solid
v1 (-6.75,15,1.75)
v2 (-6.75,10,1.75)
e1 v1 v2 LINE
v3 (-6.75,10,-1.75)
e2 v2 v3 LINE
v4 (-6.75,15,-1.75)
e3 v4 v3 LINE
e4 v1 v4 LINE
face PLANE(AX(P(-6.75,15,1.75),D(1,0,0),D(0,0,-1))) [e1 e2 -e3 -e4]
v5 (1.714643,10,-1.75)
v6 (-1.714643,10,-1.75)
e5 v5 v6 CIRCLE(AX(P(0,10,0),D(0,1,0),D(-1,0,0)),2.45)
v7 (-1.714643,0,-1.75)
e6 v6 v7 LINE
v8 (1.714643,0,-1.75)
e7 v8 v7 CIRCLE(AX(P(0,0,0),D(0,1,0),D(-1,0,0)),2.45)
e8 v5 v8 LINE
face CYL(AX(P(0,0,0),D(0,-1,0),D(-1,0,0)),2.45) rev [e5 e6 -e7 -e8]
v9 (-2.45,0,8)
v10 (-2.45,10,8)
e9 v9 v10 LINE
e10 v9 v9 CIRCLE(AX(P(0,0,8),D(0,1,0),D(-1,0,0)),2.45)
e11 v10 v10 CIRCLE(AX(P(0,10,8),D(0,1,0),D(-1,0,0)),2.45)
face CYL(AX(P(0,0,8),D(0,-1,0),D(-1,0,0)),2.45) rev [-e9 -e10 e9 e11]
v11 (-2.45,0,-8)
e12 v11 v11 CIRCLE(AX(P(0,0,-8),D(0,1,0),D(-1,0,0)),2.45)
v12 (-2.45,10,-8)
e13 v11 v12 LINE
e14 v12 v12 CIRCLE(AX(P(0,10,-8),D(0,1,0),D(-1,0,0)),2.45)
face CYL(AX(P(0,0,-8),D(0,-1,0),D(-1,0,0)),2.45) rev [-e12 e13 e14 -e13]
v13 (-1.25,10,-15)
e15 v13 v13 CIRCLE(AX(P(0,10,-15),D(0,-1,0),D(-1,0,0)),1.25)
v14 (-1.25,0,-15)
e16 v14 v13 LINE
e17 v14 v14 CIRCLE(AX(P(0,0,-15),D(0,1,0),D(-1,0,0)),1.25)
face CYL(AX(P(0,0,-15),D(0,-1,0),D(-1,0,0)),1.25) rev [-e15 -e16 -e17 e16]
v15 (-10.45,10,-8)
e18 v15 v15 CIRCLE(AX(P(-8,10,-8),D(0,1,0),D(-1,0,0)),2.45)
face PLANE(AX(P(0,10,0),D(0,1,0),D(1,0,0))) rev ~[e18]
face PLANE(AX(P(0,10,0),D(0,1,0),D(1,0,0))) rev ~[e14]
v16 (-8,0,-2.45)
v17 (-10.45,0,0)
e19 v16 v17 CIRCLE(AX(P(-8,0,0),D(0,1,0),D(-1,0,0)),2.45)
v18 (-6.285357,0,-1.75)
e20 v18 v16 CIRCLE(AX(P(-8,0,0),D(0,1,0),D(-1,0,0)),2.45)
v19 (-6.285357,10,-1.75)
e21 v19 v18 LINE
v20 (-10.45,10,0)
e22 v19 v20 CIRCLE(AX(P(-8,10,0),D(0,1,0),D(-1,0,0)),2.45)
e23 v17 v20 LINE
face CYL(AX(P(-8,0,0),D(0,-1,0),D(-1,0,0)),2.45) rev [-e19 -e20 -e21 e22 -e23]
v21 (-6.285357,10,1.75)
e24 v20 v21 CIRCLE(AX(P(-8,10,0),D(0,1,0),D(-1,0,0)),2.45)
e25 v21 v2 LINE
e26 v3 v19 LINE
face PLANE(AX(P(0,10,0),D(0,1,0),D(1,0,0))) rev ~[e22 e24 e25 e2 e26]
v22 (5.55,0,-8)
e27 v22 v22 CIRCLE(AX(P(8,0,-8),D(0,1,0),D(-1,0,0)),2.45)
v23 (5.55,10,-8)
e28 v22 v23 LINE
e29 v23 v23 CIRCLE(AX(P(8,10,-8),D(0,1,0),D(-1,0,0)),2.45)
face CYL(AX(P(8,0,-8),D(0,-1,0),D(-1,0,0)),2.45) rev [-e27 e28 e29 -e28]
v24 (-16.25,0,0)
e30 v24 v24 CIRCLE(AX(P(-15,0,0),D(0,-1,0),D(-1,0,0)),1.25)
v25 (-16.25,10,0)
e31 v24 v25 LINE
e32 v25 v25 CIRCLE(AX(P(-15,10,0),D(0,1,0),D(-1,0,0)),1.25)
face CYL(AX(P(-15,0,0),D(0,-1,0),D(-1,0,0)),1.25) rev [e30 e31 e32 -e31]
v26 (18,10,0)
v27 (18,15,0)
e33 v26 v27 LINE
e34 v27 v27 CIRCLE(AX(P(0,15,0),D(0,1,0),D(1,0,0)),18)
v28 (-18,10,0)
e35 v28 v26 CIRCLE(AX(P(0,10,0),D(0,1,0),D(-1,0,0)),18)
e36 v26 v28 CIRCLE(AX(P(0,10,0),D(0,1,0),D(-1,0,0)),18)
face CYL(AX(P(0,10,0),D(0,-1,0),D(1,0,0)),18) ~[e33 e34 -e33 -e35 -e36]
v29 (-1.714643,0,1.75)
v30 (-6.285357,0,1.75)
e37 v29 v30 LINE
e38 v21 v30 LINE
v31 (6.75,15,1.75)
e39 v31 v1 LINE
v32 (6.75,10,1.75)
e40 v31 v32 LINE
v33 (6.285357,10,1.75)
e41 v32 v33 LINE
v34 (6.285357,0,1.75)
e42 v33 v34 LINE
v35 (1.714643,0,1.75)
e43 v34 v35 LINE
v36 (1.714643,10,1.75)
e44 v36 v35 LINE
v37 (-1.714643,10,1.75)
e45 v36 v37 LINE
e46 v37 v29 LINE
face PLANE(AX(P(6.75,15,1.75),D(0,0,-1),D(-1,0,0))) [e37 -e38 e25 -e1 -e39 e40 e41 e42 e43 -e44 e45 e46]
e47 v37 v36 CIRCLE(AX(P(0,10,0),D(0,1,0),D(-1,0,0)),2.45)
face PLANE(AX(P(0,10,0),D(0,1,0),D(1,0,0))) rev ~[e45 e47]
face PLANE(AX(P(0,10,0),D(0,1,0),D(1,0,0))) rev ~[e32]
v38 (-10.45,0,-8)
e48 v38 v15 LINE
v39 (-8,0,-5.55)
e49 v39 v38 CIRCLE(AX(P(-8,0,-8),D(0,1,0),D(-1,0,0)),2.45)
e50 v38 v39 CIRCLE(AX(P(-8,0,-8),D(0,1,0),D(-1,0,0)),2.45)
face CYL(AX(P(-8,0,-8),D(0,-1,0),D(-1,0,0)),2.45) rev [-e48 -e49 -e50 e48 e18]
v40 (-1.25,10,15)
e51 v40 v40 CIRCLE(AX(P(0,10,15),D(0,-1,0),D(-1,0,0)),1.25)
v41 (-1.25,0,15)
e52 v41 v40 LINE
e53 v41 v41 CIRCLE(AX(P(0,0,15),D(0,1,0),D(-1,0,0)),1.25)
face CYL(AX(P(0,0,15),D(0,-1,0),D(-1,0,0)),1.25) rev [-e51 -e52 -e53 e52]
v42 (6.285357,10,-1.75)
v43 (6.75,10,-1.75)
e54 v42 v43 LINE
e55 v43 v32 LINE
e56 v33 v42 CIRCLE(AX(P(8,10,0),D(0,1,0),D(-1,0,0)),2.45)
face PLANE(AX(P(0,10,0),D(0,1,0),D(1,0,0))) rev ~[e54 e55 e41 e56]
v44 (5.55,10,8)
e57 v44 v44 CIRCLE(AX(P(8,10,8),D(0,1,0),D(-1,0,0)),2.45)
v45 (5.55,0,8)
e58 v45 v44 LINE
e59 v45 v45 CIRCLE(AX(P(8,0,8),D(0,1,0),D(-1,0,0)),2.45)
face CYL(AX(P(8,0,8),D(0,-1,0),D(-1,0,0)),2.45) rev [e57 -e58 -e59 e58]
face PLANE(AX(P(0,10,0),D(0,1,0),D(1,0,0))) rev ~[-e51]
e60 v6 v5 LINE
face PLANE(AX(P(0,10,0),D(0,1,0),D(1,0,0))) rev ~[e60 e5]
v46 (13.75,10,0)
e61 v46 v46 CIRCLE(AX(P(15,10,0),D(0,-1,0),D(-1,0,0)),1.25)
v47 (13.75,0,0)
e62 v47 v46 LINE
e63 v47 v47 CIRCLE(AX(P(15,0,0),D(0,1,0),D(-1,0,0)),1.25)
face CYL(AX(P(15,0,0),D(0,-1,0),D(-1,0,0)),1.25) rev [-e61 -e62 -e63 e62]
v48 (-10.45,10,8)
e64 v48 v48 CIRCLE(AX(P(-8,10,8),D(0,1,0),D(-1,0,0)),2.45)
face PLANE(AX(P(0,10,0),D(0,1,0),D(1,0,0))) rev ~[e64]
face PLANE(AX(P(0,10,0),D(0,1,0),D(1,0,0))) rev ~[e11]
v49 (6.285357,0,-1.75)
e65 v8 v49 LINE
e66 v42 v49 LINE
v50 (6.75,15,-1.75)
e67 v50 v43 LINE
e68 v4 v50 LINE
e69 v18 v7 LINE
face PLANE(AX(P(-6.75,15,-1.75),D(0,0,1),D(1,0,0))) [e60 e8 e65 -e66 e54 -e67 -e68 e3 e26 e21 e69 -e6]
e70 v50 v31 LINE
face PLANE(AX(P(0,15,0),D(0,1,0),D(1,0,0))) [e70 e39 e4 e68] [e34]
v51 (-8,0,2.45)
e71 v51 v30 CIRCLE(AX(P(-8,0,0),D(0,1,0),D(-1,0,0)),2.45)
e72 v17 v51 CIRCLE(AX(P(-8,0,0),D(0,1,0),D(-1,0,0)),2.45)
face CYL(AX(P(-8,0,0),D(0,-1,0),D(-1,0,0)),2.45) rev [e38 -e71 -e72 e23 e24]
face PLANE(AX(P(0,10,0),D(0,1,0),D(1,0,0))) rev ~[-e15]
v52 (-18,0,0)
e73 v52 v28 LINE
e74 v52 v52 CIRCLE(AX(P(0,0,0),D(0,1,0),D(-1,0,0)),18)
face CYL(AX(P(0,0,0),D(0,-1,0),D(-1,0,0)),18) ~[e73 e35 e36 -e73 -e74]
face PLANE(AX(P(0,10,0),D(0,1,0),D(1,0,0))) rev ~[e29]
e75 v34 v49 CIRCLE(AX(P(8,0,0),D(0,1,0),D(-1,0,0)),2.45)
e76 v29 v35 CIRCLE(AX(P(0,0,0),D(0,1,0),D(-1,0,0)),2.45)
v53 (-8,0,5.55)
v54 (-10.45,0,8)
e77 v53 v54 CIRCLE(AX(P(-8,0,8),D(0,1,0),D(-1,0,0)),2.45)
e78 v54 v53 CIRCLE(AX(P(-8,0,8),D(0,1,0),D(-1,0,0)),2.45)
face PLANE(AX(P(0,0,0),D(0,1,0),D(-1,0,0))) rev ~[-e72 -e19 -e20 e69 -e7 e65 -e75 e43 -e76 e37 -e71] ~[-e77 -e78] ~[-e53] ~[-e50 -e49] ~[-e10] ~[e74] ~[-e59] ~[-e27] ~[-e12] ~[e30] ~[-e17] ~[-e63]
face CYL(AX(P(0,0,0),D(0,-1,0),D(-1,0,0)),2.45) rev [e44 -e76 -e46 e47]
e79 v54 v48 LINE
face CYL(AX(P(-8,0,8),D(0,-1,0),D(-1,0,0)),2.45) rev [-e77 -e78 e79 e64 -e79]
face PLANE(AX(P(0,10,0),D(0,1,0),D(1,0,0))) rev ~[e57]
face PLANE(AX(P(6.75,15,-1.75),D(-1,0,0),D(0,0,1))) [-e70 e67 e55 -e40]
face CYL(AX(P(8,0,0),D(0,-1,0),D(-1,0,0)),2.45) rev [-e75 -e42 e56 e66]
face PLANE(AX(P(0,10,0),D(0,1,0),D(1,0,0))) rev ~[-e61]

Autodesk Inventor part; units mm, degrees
ref_plane "YZ Plane" through (0, 0, 0) normal (1, 0, 0) x (0, 1, 0)
ref_plane "XZ Plane" through (0, 0, 0) normal (0, 1, 0) x (-1, 0, 0)
ref_plane "XY Plane" through (0, 0, 0) normal (0, 0, 1) x (1, 0, 0)
sketch "Sketch1" plane through (0, 0, 0) normal (0, 1, 0) x (-1, 0, 0)
  circle A0 centre (0, 0) radius 15
  circle A1 centre (0, 0) radius 2.45
  line L0 (0, 0) -> (8, 0)
  circle A2 centre (8, 0) radius 2.45
  line L1 (8, 0) -> (8, -8)
  line L2 (8, 0) -> (8, 8)
  circle A3 centre (8, 8) radius 2.45
  circle A4 centre (8, -8) radius 2.45
  circle A5 centre (0, 8) radius 2.45
  circle A6 centre (0, -8) radius 2.45
  line L3 (0, 0) -> (-8, 0)
  line L4 (0, 0) -> (8, 0) construction
  circle A7 centre (-8, 0) radius 2.45
  circle A8 centre (-8, -8) radius 2.45
  circle A9 centre (-8, 8) radius 2.45
  circle A10 centre (0, -15) radius 1.25
  circle A11 centre (-15, 0) radius 1.25
  circle A12 centre (0, 15) radius 1.25
  circle A13 centre (15, 0) radius 1.25
  circle A14 centre (0, 0) radius 18
  dimension "d0" = 30
  dimension "d1" = 4.9
  dimension "d2" = 8
  dimension "d3" = 4.9
  dimension "d4" = 8
  dimension "d5" = 8
  dimension "d6" = 4.9
  dimension "d7" = 4.9
  dimension "d8" = 4.9
  dimension "d9" = 4.9
  dimension "d10" = 8
  dimension "d11" = 180
  dimension "d12" = 4.9
  dimension "d13" = 4.9
  dimension "d14" = 4.9
  dimension "d15" = 2.5
  dimension "d16" = 2.5
  dimension "d17" = 2.5
  dimension "d18" = 2.5
  dimension "d19" = 36
extrude "Extrusion1" add sketch "Sketch1" along normal blind 10 contours A13 A0 A10 A11 A12 | A14
sketch "Sketch2" plane through (0, 10, 0) normal (0, 1, 0) x (1, 0, 0)
  circle A0 centre (0, 0) radius 18
  dimension "d24" = 36
extrude "Extrusion2" add sketch "Sketch2" along normal blind 5
sketch "Sketch3" plane through (0, 15, 0) normal (0, 1, 0) x (1, 0, 0)
  point P0 (0, 0)
sketch "Sketch4" plane through (0, 15, 0) normal (0, 1, 0) x (1, 0, 0)
  line L0 (-6.75, 1.75) -> (6.75, 1.75)
  line L1 (6.75, 1.75) -> (6.75, -1.75)
  line L2 (6.75, -1.75) -> (-6.75, -1.75)
  line L3 (-6.75, -1.75) -> (-6.75, 1.75)
  line L4 (-6.75, 1.75) -> (6.75, -1.75) construction
  line L5 (6.75, 1.75) -> (-6.75, -1.75) construction
  point P0 (0, 0)
  dimension "d25" = 13.5
  dimension "d26" = 3.5
extrude "Extrusion3" cut sketch "Sketch4" against normal blind 15
properties part number "Sendok 1"
